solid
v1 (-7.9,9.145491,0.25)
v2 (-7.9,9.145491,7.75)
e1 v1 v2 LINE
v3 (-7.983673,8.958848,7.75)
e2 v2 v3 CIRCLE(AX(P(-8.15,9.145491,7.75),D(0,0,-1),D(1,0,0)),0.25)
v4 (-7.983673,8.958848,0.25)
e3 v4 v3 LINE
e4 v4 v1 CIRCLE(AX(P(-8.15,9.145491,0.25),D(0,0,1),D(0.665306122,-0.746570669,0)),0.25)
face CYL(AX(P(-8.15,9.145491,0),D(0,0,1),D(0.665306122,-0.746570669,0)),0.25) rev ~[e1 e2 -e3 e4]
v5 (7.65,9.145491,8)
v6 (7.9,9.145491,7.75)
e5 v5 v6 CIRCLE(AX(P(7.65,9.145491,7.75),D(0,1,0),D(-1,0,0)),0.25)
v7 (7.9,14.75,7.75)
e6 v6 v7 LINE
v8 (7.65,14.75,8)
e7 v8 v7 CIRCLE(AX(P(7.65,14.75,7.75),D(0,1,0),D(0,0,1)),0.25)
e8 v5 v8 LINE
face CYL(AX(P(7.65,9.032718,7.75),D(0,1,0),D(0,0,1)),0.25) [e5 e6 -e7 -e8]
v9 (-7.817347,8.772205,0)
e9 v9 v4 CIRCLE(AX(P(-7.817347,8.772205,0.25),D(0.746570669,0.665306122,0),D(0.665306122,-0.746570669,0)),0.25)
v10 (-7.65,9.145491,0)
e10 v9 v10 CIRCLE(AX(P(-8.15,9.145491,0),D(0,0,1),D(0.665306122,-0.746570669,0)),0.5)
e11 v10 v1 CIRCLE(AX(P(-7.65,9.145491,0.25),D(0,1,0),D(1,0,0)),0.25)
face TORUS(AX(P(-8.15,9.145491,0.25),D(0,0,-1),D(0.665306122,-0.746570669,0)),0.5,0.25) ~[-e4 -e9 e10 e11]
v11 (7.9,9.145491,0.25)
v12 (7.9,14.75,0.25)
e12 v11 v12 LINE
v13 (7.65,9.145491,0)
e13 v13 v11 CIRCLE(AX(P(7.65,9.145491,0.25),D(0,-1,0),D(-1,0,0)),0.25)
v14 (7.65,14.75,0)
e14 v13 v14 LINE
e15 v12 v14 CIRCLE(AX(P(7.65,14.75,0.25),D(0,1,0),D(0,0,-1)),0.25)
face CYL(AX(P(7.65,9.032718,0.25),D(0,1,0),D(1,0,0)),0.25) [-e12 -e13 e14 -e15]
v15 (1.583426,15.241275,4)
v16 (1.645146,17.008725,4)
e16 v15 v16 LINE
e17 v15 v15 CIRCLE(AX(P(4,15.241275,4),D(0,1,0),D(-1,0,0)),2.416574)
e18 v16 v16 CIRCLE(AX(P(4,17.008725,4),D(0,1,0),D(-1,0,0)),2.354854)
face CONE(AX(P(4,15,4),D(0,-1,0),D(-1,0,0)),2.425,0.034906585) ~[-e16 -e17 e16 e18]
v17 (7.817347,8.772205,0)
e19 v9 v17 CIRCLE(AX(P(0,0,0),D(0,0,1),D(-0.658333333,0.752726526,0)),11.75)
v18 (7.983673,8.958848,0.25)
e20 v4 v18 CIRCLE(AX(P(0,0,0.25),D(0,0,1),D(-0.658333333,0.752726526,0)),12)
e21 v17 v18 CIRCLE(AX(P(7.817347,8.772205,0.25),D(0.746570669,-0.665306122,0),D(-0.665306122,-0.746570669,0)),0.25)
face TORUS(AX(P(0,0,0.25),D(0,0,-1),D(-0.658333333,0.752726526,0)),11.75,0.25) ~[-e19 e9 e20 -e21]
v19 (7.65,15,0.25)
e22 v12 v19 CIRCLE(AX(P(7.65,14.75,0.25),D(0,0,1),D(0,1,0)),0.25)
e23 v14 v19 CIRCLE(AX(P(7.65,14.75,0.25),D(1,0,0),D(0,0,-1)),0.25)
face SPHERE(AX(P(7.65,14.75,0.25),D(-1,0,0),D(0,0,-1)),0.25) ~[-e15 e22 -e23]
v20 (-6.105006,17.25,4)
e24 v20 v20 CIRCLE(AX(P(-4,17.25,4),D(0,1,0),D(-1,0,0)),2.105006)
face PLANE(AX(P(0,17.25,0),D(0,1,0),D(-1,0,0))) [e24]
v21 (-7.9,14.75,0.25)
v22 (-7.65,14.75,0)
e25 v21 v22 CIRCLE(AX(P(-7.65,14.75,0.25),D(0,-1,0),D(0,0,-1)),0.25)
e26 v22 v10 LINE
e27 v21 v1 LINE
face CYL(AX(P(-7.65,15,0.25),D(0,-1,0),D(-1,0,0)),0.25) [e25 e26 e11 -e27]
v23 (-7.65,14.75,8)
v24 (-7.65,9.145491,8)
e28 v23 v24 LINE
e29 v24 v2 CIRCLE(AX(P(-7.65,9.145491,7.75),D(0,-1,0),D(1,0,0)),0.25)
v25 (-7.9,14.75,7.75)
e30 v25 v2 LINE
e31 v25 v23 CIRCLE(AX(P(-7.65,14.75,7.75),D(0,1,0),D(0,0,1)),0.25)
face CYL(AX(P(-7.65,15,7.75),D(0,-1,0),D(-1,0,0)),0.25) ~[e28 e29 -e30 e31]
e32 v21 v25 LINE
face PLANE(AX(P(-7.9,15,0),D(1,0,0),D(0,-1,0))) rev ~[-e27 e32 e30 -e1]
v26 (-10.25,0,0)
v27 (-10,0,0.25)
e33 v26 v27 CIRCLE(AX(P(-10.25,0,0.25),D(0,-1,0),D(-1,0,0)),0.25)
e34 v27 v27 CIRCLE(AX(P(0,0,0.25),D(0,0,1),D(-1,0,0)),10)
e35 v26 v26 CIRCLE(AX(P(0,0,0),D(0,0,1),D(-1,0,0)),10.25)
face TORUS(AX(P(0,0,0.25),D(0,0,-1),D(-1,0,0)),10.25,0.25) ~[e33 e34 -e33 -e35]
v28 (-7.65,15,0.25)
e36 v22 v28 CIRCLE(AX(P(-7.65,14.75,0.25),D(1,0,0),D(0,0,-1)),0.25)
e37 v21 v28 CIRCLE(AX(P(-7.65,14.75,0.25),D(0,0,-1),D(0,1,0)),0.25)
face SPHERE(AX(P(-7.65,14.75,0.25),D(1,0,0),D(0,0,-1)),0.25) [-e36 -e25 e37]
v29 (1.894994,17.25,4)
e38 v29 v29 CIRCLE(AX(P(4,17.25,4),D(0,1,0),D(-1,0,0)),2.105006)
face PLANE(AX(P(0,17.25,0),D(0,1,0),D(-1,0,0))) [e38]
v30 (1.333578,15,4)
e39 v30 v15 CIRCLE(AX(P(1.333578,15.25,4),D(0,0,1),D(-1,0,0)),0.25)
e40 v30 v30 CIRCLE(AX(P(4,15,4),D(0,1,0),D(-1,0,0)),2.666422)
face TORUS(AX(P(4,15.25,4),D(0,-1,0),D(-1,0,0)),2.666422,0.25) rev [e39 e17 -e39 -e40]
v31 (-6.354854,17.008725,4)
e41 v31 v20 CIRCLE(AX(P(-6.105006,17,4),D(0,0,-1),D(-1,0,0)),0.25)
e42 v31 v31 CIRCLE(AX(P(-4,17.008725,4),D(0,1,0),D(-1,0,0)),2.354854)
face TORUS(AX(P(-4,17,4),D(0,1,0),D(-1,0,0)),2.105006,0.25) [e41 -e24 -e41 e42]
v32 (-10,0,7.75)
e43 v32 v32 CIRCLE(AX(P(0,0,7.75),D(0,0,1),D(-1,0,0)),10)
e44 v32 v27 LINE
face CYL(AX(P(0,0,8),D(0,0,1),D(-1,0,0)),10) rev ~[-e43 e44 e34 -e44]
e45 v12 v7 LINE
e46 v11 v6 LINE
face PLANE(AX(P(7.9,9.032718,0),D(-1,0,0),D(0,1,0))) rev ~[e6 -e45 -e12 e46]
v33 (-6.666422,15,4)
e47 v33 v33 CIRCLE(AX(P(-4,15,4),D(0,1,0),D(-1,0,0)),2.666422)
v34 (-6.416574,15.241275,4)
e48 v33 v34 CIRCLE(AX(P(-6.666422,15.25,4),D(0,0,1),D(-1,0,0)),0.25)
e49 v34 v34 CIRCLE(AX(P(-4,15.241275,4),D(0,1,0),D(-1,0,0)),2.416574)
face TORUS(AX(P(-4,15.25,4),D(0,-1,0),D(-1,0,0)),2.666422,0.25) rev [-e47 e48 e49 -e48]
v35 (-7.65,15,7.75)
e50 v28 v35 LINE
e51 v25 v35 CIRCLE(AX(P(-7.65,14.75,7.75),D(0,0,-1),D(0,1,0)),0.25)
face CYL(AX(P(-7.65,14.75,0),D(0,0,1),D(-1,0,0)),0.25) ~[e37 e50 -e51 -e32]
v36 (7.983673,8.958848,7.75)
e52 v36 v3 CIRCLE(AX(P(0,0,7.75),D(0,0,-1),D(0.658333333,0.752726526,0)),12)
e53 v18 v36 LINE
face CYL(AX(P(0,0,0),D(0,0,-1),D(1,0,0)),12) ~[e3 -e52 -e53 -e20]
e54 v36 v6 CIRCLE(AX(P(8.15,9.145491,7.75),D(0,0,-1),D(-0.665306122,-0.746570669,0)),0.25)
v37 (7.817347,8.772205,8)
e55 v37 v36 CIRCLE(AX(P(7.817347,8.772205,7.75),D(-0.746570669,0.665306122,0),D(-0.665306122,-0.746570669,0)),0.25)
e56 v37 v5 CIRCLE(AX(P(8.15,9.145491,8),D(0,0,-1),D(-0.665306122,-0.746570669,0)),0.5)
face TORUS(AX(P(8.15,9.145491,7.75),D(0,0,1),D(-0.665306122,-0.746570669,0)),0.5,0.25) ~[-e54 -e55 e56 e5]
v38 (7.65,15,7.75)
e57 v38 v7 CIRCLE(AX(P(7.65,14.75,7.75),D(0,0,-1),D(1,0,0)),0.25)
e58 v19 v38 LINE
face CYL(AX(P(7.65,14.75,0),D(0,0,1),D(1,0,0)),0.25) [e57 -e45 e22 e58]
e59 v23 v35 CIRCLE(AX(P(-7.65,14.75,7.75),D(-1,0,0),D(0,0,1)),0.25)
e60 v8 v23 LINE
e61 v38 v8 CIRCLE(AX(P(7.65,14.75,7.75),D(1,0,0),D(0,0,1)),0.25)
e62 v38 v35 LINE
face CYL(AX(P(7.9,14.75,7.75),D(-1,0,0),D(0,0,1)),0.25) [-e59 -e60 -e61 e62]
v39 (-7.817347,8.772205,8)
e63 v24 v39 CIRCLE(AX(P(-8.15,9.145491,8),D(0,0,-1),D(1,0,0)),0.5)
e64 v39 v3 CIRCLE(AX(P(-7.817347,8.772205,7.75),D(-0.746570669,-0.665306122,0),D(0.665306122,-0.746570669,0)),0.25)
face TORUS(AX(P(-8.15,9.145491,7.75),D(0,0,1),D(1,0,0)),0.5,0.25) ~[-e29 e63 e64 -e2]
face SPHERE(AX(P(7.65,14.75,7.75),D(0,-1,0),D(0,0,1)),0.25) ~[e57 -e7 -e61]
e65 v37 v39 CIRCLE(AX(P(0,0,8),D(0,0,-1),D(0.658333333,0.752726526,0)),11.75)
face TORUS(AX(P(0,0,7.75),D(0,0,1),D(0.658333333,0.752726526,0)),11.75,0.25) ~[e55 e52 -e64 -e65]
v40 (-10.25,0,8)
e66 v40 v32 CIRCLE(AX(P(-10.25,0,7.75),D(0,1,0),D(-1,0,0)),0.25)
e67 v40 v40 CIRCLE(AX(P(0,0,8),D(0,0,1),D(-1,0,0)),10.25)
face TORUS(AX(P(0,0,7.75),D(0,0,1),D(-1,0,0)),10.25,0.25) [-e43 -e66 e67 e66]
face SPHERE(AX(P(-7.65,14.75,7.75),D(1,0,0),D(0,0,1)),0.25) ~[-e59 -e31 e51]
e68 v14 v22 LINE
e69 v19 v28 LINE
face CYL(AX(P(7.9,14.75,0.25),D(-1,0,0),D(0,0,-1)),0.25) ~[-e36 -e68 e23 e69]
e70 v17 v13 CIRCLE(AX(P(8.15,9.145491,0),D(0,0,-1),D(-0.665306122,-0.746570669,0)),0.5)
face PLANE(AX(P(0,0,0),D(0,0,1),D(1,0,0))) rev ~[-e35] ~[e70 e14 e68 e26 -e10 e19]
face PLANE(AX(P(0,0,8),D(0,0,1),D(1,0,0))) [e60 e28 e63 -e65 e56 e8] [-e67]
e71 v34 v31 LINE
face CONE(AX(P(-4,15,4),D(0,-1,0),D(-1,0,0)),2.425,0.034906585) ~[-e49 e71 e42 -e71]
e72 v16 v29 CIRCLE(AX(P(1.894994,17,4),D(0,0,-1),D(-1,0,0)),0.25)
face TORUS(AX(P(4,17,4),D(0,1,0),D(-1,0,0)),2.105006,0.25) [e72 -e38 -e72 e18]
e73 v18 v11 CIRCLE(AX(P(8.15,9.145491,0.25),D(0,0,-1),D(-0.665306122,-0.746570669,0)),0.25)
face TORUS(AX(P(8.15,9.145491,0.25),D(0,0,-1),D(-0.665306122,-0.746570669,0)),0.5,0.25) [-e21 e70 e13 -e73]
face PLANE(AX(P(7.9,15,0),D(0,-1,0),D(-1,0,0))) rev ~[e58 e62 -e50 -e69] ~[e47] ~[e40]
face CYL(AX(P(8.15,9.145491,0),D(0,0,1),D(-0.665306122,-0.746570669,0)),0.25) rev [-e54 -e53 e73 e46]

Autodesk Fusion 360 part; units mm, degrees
sketch "Sketch1" plane through (0, 0, 0) normal (0, 0, 1) x (1, 0, 0)
  circle A0 centre (0, 0) radius 12
  line L0 (7.9, 15) -> (-7.9, 15)
  line L1 (-7.9, 15) -> (-7.9, 9)
  line L2 (-7.9, 9) -> (7.9, 9)
  line L3 (7.9, 9) -> (7.9, 15)
  line L4 (7.9, 15) -> (-7.9, 9) construction
  line L5 (-7.9, 15) -> (7.9, 9) construction
  point P0 (0, 12)
  dimension "d1" = 24
  dimension "d2" = 15.8
  dimension "d3" = 6
extrude "Extrude1" add sketch "Sketch1" along normal blind 8
sketch "Sketch2" plane through (0, 0, 8) normal (0, 0, 1) x (-1, 0, 0)
  arc A0 (7.9, -9.0327) -> (-7.9, -9.0327) centre (0, 0) ccw
  line L0 (-7.9, -9.0327) -> (-7.9, -15)
  line L1 (-7.9, -15) -> (7.9, -15)
  line L2 (7.9, -15) -> (7.9, -9.0327)
  circle A1 centre (0, 0) radius 10
  dimension "d6" = 20
extrude "Extrude2" cut sketch "Sketch2" against normal blind 8 contours A1
sketch "Sketch3" plane through (0, 15, 0) normal (0, 1, 0) x (-1, 0, 0)
  line L0 (-7.9, 0) -> (7.9, 0)
  line L1 (7.9, 0) -> (7.9, 8)
  line L2 (7.9, 8) -> (-7.9, 8)
  line L3 (-7.9, 8) -> (-7.9, 0)
  circle A0 centre (-4, 4) radius 2.425
  circle A1 centre (4, 4) radius 2.425
  dimension "d9" = 8
  dimension "d10" = 4.85
  dimension "d11" = 4
  dimension "d12" = 4
extrude "Extrude3" add sketch "Sketch3" along normal blind 2.25 draft -2 contours A0 | A1
fillet "Fillet1" radius 0.25 18 edges at (0, -12, 8) (7.9, 12.0164, 8) (9.3233, -3.6162, 8) (6.1876, 17.25, 4.8485) (0, 15, 8) (6.2609, 15, 4.8769) (-1.8124, 17.25, 4.8485) (9.3233, 3.6162, 0) (-1.7391, 15, 4.8769) (0, 15, 0) (-7.9, 12.0164, 0) (-7.9, 9.0327, 4) (-7.9, 12.0164, 8) (-7.9, 15, 4) (7.9, 9.0327, 4) (0, -12, 0) (7.9, 12.0164, 0) (7.9, 15, 4) 11 faces at (3.3149, 17.25, 4.5664) (1.1535, 15, 7.4547) (-7.9, 13.0109, 2.6667) (0.2491, 13.324, 8) (-3.1204, 15.5, 1.7589) (-9.9503, 0.9957, 2.6667) (-3.826, 17.25, 4.7625) (7.9, 11.0218, 2.6667) (1.8309, 15.5, 2.9554) (0.2491, 13.324, 0) (-8.7451, 8.2173, 5.3333)
